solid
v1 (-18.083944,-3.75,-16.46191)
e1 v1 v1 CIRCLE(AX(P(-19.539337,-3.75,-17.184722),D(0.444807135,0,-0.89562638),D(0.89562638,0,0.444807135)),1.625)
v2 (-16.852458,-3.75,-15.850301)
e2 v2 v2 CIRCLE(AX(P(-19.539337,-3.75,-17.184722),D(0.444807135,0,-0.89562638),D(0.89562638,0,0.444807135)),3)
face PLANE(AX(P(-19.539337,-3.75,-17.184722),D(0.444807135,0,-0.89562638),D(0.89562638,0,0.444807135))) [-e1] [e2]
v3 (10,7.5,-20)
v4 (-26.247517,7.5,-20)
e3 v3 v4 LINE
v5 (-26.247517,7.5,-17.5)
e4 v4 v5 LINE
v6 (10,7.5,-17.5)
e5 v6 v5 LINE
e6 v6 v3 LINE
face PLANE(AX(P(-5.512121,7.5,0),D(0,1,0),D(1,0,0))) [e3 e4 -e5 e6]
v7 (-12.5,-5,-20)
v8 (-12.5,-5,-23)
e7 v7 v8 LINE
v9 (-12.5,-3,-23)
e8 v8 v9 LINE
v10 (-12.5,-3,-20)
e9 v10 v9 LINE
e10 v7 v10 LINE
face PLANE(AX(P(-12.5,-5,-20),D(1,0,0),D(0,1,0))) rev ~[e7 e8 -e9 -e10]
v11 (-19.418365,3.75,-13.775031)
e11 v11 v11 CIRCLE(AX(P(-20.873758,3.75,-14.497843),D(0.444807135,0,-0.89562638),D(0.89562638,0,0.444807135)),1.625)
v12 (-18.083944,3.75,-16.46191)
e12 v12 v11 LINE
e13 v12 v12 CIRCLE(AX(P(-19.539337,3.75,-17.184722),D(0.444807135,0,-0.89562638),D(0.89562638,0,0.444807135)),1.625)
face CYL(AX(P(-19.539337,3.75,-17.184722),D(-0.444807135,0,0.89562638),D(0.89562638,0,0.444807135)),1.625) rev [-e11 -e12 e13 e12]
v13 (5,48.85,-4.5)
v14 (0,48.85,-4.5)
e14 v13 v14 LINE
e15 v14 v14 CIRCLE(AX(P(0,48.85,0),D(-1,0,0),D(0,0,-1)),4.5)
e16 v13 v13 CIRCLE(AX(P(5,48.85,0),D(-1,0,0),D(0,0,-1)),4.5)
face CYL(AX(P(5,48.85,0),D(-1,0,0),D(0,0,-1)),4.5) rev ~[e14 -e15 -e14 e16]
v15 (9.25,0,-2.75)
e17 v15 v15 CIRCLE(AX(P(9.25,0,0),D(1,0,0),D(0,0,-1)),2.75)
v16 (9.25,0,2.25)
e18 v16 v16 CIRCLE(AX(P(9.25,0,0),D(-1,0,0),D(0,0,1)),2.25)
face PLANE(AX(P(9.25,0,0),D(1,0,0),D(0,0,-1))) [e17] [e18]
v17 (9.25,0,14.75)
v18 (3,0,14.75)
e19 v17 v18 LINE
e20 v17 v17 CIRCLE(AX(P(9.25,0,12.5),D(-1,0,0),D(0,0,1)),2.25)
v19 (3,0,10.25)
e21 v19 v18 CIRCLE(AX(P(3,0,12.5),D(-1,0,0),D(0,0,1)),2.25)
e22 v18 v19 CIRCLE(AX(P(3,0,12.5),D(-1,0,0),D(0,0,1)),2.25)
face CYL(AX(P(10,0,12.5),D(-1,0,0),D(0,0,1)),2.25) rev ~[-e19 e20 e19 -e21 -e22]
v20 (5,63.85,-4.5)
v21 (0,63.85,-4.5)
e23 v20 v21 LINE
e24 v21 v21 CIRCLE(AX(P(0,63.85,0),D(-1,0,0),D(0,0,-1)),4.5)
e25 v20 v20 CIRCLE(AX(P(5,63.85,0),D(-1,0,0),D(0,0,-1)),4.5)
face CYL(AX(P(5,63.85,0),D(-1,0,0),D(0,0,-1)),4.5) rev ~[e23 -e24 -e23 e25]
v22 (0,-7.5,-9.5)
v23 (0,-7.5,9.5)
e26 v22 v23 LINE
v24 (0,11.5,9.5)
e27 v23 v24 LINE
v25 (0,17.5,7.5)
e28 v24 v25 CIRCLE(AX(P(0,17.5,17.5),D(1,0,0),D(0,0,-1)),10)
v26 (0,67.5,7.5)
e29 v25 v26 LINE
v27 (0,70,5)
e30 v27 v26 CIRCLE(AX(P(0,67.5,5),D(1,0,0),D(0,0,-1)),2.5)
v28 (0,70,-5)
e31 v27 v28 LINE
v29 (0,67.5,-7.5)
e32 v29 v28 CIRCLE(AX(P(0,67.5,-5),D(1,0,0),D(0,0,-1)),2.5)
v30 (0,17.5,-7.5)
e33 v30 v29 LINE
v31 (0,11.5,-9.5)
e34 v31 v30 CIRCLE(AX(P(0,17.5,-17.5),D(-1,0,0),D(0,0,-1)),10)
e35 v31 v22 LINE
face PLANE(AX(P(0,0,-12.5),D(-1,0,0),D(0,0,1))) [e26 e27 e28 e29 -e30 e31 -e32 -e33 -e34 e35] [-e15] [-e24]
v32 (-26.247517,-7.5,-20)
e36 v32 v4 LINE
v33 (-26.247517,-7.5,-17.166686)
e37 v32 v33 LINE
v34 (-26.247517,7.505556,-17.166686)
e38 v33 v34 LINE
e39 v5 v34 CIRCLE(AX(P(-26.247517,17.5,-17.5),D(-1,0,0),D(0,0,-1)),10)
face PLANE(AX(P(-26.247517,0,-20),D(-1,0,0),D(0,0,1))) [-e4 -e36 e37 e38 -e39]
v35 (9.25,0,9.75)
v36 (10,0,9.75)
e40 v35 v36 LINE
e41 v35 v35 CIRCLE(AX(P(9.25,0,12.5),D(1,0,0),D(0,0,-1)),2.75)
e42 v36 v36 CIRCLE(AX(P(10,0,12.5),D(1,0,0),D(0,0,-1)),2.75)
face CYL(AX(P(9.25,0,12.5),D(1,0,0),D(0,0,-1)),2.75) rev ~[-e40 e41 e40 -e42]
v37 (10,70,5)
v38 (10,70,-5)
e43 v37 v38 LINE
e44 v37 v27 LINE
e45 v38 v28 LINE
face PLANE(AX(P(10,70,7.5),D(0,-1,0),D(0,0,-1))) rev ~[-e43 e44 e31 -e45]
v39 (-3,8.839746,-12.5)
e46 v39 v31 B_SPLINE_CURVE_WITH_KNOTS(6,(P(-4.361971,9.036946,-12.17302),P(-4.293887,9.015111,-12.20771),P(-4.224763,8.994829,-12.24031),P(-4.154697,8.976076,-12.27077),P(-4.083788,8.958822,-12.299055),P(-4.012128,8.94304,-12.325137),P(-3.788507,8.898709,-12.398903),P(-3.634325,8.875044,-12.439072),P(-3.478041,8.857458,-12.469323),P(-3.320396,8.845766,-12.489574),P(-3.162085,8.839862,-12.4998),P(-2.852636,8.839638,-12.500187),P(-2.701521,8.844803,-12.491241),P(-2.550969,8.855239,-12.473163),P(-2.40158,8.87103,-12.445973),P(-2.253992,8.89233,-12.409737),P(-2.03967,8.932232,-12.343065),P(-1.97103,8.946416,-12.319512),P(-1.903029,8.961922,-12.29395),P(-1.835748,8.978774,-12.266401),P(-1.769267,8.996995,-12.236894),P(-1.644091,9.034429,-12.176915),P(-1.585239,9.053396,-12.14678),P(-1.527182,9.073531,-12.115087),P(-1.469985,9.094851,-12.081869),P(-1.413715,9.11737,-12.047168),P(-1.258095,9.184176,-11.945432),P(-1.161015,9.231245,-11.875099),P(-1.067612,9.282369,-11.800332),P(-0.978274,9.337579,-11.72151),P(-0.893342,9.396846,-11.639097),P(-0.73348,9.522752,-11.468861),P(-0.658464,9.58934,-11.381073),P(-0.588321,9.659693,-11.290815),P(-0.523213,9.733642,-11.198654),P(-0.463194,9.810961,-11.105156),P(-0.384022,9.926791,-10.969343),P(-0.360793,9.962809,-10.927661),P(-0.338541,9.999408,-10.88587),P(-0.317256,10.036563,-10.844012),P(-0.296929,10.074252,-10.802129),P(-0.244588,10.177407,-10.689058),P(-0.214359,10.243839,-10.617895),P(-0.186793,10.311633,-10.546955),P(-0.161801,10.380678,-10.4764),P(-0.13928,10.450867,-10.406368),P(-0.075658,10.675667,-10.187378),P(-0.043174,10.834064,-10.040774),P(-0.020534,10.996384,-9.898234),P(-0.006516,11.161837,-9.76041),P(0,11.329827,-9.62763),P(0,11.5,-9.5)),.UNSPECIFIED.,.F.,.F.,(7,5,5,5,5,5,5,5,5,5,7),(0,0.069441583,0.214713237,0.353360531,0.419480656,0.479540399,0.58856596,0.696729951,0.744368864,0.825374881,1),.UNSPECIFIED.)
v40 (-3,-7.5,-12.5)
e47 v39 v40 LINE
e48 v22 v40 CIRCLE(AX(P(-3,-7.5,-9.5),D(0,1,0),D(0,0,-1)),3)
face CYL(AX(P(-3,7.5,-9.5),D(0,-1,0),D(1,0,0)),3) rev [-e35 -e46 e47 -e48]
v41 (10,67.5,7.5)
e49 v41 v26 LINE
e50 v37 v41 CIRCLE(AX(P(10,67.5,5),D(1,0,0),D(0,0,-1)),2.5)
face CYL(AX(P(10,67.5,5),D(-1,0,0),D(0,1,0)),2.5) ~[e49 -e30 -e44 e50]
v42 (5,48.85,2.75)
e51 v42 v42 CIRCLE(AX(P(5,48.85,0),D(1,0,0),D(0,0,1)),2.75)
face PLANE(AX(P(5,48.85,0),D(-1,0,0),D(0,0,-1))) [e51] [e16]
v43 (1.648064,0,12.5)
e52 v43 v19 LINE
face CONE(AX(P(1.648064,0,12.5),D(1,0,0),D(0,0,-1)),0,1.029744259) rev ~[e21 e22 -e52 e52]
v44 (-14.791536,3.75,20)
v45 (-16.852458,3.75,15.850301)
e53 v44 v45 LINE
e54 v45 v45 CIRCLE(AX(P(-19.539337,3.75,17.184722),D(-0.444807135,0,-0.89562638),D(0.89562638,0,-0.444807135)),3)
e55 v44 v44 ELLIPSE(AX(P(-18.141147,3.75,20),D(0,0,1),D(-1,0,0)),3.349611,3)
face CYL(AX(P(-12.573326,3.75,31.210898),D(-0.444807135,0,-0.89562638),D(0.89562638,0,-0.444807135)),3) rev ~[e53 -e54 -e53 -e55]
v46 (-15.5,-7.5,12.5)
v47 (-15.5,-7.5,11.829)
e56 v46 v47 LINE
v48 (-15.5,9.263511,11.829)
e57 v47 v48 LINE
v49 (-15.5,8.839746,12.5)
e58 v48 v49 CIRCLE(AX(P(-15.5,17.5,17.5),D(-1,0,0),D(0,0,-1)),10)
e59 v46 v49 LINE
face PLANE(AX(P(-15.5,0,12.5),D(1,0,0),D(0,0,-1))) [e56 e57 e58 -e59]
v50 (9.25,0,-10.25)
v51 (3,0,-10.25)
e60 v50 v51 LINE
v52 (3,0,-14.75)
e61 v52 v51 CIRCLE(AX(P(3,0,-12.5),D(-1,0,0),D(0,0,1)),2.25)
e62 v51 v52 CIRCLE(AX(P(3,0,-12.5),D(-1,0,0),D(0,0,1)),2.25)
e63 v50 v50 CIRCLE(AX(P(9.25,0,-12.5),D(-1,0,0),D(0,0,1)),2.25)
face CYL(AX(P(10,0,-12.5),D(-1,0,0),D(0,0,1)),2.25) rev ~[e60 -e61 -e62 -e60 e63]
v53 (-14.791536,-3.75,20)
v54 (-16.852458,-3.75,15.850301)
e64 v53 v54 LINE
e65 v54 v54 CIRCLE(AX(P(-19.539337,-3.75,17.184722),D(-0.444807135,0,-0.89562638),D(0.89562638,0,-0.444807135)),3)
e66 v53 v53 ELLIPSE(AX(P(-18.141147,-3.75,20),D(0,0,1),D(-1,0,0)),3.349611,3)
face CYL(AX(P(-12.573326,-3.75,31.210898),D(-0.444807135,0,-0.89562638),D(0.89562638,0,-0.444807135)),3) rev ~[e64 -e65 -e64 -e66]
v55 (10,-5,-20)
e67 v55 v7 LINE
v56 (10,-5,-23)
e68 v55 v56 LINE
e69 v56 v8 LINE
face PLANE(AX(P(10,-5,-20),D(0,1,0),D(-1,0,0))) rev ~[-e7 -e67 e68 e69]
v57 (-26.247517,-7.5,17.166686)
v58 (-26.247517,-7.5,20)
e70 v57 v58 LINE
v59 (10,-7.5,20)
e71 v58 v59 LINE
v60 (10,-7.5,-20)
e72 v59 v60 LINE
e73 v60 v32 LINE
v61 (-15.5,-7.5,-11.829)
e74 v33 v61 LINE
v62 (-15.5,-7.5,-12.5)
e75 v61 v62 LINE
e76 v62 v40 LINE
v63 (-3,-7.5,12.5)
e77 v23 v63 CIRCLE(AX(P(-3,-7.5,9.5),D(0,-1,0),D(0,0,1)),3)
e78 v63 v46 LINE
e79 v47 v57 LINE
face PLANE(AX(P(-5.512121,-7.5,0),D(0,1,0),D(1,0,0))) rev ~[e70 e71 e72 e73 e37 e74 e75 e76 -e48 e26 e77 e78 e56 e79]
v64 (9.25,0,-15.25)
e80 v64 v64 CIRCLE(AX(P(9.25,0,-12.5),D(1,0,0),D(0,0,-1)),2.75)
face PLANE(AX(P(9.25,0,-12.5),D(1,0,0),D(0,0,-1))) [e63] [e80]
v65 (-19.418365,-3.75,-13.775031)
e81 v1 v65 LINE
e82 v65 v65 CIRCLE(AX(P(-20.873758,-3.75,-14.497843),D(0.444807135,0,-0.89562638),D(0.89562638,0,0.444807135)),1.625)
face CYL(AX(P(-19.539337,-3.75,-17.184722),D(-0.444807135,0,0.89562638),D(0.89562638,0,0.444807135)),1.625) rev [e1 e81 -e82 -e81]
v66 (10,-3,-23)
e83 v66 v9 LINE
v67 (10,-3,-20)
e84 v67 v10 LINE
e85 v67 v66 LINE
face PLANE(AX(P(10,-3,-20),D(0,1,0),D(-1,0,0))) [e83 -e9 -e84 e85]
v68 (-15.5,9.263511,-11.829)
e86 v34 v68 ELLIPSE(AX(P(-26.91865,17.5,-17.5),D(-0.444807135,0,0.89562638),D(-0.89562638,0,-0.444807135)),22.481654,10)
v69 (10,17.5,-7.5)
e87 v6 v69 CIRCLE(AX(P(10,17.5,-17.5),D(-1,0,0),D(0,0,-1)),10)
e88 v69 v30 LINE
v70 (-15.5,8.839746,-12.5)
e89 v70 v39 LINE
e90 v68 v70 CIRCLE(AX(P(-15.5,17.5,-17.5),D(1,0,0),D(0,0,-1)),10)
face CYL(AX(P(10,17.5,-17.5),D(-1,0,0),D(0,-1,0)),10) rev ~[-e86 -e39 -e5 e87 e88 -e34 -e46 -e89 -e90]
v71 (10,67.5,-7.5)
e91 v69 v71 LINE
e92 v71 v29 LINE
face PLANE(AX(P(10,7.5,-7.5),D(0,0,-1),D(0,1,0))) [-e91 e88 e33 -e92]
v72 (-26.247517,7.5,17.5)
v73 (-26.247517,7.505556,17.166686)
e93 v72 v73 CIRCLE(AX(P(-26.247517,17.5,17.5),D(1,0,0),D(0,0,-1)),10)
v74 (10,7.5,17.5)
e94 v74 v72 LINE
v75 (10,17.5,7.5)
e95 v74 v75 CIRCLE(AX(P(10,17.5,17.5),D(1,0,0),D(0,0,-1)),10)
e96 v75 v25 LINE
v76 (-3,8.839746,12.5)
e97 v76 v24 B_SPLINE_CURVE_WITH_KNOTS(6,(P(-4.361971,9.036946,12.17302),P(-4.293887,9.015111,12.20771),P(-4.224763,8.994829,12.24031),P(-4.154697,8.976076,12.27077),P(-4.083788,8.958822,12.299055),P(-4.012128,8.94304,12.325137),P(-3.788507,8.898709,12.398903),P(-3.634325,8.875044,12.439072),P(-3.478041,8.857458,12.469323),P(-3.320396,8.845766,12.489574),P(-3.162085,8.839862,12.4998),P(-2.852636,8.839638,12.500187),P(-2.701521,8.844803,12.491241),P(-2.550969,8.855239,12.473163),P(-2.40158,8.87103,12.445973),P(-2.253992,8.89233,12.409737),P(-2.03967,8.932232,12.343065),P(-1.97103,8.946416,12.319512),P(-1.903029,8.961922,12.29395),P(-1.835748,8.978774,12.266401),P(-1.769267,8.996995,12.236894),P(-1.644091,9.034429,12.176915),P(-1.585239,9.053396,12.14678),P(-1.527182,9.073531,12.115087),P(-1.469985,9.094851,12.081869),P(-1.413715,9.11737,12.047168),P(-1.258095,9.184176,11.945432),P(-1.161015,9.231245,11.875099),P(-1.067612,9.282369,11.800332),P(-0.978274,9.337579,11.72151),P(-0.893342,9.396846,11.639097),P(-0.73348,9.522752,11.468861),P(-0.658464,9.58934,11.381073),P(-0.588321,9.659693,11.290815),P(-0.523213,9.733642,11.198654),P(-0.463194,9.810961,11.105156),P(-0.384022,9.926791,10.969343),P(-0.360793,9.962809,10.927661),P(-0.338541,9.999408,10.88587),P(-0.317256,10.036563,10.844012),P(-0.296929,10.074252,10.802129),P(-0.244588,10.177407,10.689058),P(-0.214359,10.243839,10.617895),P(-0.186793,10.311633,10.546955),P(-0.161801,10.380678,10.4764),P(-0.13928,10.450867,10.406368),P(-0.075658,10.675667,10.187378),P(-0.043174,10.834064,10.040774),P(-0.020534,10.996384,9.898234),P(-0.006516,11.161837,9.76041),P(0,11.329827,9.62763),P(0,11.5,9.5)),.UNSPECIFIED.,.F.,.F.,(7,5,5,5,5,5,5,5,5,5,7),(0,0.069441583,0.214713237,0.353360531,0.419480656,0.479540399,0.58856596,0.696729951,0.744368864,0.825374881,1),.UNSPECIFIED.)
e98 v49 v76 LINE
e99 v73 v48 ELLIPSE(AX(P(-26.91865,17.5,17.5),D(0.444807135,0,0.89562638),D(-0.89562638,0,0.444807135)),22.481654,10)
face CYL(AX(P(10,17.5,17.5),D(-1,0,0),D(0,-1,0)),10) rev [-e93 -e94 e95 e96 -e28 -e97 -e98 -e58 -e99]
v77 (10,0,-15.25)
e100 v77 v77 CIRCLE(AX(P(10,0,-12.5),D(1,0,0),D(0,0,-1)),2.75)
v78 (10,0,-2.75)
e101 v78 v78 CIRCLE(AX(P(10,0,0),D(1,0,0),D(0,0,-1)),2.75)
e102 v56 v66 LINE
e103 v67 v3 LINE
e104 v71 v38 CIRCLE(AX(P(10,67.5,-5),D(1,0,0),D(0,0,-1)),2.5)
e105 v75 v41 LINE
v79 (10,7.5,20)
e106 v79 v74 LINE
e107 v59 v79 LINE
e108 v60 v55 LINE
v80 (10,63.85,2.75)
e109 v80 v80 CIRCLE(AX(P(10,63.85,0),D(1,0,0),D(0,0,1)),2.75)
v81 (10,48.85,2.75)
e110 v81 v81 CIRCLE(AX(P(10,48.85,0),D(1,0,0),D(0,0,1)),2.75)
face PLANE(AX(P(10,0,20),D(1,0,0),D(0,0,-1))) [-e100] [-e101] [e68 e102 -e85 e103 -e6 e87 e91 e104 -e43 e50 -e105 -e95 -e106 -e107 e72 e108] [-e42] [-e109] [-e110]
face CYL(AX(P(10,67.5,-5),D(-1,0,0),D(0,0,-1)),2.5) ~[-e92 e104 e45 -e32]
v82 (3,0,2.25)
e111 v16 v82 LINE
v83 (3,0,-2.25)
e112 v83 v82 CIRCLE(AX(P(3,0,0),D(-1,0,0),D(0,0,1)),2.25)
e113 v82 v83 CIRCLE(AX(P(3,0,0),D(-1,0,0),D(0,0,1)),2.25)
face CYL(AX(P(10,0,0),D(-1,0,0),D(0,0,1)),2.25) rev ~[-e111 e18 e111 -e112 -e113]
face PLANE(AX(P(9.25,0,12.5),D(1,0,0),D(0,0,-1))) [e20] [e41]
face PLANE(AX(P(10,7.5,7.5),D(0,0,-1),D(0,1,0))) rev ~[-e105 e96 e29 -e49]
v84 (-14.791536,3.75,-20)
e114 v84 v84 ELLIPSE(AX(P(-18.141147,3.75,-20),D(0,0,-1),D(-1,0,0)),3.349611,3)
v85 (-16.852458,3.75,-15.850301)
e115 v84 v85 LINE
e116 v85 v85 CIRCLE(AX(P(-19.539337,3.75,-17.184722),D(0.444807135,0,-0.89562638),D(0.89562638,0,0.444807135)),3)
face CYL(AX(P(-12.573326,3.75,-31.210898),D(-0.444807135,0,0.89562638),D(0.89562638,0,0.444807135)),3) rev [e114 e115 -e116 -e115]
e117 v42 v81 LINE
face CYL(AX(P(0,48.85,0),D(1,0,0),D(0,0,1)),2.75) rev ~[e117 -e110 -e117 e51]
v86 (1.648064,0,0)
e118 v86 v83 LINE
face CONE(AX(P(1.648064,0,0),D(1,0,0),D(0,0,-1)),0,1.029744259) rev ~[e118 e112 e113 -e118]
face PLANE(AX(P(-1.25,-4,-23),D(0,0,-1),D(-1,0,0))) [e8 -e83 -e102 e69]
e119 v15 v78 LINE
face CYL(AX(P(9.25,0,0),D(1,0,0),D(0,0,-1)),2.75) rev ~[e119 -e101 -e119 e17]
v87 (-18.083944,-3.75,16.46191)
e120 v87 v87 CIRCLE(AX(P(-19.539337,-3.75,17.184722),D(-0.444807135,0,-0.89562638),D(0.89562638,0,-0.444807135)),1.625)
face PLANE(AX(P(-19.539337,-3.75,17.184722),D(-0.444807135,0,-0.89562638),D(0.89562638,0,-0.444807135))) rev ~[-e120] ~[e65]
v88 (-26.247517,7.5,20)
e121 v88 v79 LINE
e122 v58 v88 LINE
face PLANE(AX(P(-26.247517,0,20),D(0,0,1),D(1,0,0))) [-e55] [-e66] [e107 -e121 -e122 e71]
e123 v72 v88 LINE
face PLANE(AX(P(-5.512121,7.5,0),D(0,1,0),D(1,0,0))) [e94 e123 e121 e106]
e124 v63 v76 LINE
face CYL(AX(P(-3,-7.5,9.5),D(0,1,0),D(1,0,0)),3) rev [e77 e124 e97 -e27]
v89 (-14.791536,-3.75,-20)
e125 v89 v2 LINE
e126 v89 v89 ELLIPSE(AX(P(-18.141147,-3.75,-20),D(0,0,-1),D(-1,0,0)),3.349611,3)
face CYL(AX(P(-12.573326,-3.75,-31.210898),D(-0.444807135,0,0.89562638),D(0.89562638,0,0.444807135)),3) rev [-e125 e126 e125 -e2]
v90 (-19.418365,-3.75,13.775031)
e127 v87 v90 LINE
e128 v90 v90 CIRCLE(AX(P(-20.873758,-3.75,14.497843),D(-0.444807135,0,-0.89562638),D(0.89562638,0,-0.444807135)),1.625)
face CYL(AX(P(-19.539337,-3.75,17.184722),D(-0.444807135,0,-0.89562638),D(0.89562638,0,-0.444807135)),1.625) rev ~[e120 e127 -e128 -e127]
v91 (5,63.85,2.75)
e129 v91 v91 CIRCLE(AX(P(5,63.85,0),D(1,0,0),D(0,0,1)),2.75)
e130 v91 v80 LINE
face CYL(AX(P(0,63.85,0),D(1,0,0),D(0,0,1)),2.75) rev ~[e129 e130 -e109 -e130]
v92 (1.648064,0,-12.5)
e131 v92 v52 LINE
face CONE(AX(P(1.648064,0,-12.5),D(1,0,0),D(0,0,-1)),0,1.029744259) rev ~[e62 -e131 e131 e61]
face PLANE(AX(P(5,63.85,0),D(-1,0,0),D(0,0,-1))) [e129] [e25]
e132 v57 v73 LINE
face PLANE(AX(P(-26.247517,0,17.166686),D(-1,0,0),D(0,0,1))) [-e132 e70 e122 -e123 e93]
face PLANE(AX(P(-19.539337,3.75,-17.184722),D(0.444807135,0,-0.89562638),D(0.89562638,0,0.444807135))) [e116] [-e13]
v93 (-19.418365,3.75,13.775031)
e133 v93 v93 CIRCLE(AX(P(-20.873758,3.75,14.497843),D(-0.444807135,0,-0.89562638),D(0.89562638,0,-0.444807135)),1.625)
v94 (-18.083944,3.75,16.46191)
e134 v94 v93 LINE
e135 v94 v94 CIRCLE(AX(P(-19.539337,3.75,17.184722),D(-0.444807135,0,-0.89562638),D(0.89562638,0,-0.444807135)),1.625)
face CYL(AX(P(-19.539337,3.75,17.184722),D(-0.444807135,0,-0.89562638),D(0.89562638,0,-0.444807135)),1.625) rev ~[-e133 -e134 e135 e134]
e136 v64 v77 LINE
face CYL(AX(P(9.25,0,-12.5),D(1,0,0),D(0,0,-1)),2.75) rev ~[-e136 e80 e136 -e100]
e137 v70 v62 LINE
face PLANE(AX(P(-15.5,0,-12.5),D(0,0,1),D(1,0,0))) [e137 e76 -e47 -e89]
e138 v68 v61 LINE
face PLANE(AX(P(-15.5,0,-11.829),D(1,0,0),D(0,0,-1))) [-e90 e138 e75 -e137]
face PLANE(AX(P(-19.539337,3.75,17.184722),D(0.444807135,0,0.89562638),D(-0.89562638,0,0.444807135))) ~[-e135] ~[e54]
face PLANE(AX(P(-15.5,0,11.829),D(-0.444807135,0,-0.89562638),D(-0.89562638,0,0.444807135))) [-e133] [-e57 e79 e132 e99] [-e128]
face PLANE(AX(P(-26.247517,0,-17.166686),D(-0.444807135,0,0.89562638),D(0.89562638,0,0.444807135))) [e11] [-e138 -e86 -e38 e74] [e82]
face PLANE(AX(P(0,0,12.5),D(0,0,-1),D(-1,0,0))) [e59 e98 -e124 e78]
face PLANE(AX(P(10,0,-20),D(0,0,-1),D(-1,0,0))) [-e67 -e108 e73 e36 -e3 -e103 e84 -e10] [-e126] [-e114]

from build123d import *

# Parameters (mm, degrees)
BOSS_EXTRUDE1_DEPTH            = 7.5
CBORE_FOR_M3_SHCS1_AT_2_COUNT  = 2
CBORE_FOR_M3_SHCS1_AT_2_PITCH  = 7.5
FILLET1_R                      = 3
CBORE_FOR_M3_SHCS2_D           = 4.5
CBORE_FOR_M3_SHCS2_DEPTH       = 7
CBORE_FOR_M3_SHCS2_CBORE_D     = 5.5
CBORE_FOR_M3_SHCS2_CBORE_DEPTH = 0.75
CBORE_FOR_M3_SHCS2_TIP         = 1.351936393
SKETCH9_W                      = 15
SKETCH9_H                      = 62.5
BOSS_EXTRUDE2_DEPTH            = 10
CBORE_FOR_M5_SHCS1_D           = 5.5
CBORE_FOR_M5_SHCS1_DEPTH       = 15
CBORE_FOR_M5_SHCS1_CBORE_D     = 9
CBORE_FOR_M5_SHCS1_CBORE_DEPTH = 5
CBORE_FOR_M5_SHCS1_TIP         = 1.652366702
SKETCH12_W                     = 22.5
SKETCH12_H                     = 2
BOSS_EXTRUDE3_DEPTH            = 3
FILLET2_R                      = 10
FILLET3_R                      = 2.5


with BuildPart() as part:
    # Sketch1 → Boss-Extrude1 (new, symmetric)
    with BuildSketch(Plane(origin=(0, 0, 0), x_dir=(1, 0, 0), z_dir=(0, 1, 0))):
        Polygon((0, 12.5), (0, -12.5), (-15.5, -12.5), (-15.5, -11.829), (-26.247516559, -17.166685624), (-26.247516559, -20), (10, -20), (10, 20), (-26.247516559, 20), (-26.247516559, 17.166685624), (-15.5, 11.829), (-15.5, 12.5), align=None)
    extrude(amount=BOSS_EXTRUDE1_DEPTH, both=True)

    # Sketch4 → CBORE for M3 SHCS1 (revolve, cut)
    with BuildSketch(Plane(origin=(-20.873758279, 3.75, -14.497842812), x_dir=(0.8956263799062305, 0, 0.4448071353025496), z_dir=(0, 1, 0))):
        Polygon((0, 0), (0, 18.6607451), (3, 18.6607451), (3, 3), (1.625, 3), (1.625, 0), align=None)
    cbore_for_m3_shcs1 = revolve(axis=Axis((-23.698283589, 3.75, -8.810615299), (0.44480713530254956, 0, -0.8956263799062304)), mode=Mode.SUBTRACT)

    # CBORE for M3 SHCS1 at 2: CBORE for M3 SHCS1 ×2
    with Locations(*[(0, -i * CBORE_FOR_M3_SHCS1_AT_2_PITCH, 0) for i in range(1, CBORE_FOR_M3_SHCS1_AT_2_COUNT)]):
        add(cbore_for_m3_shcs1, mode=Mode.SUBTRACT)

    # Mirror1: CBORE for M3 SHCS1 across plane
    add(cbore_for_m3_shcs1.mirror(Plane.XY), mode=Mode.SUBTRACT)

    # Mirror1 copy 1 sketch → Mirror1 copy 1 (revolve, cut)
    with BuildSketch(Plane(origin=(-20.873758279, -3.75, 14.497842812), x_dir=(0.8956263799062305, 0, -0.4448071353025496), z_dir=(0, 1, 0))):
        Polygon((0, 0), (0, -18.6607451), (3, -18.6607451), (3, -3), (1.625, -3), (1.625, 0), align=None)
    revolve(axis=Axis((-23.698283589, -3.75, 8.810615299), (-0.44480713530254956, 0, -0.8956263799062304)), mode=Mode.SUBTRACT)

    # Fillet1
    fillet1_edges = [part.edges().sort_by_distance(p)[0] for p in [
        (0, 0, 12.5),
        (0, 0, -12.5),
    ]]
    fillet(fillet1_edges, radius=FILLET1_R)

    # CBORE for M3 SHCS2
    with Locations(Plane(origin=(10, 0, 0), x_dir=(0, 0, -1), z_dir=(1, 0, 0))):
        with Locations((-12.5, 0), (0, 0), (12.5, 0)):
            CounterBoreHole(CBORE_FOR_M3_SHCS2_D / 2, CBORE_FOR_M3_SHCS2_CBORE_D / 2, CBORE_FOR_M3_SHCS2_CBORE_DEPTH, depth=CBORE_FOR_M3_SHCS2_DEPTH)
            with Locations((0, 0, -(CBORE_FOR_M3_SHCS2_DEPTH + CBORE_FOR_M3_SHCS2_TIP / 2))):  # 118° drill point
                Cone(0, CBORE_FOR_M3_SHCS2_D / 2, CBORE_FOR_M3_SHCS2_TIP, mode=Mode.SUBTRACT)

    # Sketch9 → Boss-Extrude2 (add)
    with BuildSketch(Plane(origin=(10, 0, 0), x_dir=(0, 0, -1), z_dir=(1, 0, 0))):
        with Locations((0, 38.75)):
            Rectangle(SKETCH9_W, SKETCH9_H)
    extrude(amount=-BOSS_EXTRUDE2_DEPTH)

    # CBORE for M5 SHCS1
    with Locations(Plane(origin=(0, 0, 0), x_dir=(0, 0, -1), z_dir=(-1, 0, 0))):
        with Locations((0, -63.85), (0, -48.85)):
            CounterBoreHole(CBORE_FOR_M5_SHCS1_D / 2, CBORE_FOR_M5_SHCS1_CBORE_D / 2, CBORE_FOR_M5_SHCS1_CBORE_DEPTH, depth=CBORE_FOR_M5_SHCS1_DEPTH)
            with Locations((0, 0, -(CBORE_FOR_M5_SHCS1_DEPTH + CBORE_FOR_M5_SHCS1_TIP / 2))):  # 118° drill point
                Cone(0, CBORE_FOR_M5_SHCS1_D / 2, CBORE_FOR_M5_SHCS1_TIP, mode=Mode.SUBTRACT)

    # Sketch12 → Boss-Extrude3 (add)
    with BuildSketch(Plane(origin=(0, 0, -20), x_dir=(-1, 0, 0), z_dir=(0, 0, -1))):
        with Locations((1.25, -4)):
            Rectangle(SKETCH12_W, SKETCH12_H)
    extrude(amount=BOSS_EXTRUDE3_DEPTH)

    # Fillet2
    fillet2_edges = [part.edges().sort_by_distance(p)[0] for p in [
        (5, 7.5, -7.5),
        (5, 7.5, 7.5),
    ]]
    fillet(fillet2_edges, radius=FILLET2_R)

    # Fillet3
    fillet3_edges = [part.edges().sort_by_distance(p)[0] for p in [
        (5, 70, -7.5),
        (5, 70, 7.5),
    ]]
    fillet(fillet3_edges, radius=FILLET3_R)


solid = part.part
